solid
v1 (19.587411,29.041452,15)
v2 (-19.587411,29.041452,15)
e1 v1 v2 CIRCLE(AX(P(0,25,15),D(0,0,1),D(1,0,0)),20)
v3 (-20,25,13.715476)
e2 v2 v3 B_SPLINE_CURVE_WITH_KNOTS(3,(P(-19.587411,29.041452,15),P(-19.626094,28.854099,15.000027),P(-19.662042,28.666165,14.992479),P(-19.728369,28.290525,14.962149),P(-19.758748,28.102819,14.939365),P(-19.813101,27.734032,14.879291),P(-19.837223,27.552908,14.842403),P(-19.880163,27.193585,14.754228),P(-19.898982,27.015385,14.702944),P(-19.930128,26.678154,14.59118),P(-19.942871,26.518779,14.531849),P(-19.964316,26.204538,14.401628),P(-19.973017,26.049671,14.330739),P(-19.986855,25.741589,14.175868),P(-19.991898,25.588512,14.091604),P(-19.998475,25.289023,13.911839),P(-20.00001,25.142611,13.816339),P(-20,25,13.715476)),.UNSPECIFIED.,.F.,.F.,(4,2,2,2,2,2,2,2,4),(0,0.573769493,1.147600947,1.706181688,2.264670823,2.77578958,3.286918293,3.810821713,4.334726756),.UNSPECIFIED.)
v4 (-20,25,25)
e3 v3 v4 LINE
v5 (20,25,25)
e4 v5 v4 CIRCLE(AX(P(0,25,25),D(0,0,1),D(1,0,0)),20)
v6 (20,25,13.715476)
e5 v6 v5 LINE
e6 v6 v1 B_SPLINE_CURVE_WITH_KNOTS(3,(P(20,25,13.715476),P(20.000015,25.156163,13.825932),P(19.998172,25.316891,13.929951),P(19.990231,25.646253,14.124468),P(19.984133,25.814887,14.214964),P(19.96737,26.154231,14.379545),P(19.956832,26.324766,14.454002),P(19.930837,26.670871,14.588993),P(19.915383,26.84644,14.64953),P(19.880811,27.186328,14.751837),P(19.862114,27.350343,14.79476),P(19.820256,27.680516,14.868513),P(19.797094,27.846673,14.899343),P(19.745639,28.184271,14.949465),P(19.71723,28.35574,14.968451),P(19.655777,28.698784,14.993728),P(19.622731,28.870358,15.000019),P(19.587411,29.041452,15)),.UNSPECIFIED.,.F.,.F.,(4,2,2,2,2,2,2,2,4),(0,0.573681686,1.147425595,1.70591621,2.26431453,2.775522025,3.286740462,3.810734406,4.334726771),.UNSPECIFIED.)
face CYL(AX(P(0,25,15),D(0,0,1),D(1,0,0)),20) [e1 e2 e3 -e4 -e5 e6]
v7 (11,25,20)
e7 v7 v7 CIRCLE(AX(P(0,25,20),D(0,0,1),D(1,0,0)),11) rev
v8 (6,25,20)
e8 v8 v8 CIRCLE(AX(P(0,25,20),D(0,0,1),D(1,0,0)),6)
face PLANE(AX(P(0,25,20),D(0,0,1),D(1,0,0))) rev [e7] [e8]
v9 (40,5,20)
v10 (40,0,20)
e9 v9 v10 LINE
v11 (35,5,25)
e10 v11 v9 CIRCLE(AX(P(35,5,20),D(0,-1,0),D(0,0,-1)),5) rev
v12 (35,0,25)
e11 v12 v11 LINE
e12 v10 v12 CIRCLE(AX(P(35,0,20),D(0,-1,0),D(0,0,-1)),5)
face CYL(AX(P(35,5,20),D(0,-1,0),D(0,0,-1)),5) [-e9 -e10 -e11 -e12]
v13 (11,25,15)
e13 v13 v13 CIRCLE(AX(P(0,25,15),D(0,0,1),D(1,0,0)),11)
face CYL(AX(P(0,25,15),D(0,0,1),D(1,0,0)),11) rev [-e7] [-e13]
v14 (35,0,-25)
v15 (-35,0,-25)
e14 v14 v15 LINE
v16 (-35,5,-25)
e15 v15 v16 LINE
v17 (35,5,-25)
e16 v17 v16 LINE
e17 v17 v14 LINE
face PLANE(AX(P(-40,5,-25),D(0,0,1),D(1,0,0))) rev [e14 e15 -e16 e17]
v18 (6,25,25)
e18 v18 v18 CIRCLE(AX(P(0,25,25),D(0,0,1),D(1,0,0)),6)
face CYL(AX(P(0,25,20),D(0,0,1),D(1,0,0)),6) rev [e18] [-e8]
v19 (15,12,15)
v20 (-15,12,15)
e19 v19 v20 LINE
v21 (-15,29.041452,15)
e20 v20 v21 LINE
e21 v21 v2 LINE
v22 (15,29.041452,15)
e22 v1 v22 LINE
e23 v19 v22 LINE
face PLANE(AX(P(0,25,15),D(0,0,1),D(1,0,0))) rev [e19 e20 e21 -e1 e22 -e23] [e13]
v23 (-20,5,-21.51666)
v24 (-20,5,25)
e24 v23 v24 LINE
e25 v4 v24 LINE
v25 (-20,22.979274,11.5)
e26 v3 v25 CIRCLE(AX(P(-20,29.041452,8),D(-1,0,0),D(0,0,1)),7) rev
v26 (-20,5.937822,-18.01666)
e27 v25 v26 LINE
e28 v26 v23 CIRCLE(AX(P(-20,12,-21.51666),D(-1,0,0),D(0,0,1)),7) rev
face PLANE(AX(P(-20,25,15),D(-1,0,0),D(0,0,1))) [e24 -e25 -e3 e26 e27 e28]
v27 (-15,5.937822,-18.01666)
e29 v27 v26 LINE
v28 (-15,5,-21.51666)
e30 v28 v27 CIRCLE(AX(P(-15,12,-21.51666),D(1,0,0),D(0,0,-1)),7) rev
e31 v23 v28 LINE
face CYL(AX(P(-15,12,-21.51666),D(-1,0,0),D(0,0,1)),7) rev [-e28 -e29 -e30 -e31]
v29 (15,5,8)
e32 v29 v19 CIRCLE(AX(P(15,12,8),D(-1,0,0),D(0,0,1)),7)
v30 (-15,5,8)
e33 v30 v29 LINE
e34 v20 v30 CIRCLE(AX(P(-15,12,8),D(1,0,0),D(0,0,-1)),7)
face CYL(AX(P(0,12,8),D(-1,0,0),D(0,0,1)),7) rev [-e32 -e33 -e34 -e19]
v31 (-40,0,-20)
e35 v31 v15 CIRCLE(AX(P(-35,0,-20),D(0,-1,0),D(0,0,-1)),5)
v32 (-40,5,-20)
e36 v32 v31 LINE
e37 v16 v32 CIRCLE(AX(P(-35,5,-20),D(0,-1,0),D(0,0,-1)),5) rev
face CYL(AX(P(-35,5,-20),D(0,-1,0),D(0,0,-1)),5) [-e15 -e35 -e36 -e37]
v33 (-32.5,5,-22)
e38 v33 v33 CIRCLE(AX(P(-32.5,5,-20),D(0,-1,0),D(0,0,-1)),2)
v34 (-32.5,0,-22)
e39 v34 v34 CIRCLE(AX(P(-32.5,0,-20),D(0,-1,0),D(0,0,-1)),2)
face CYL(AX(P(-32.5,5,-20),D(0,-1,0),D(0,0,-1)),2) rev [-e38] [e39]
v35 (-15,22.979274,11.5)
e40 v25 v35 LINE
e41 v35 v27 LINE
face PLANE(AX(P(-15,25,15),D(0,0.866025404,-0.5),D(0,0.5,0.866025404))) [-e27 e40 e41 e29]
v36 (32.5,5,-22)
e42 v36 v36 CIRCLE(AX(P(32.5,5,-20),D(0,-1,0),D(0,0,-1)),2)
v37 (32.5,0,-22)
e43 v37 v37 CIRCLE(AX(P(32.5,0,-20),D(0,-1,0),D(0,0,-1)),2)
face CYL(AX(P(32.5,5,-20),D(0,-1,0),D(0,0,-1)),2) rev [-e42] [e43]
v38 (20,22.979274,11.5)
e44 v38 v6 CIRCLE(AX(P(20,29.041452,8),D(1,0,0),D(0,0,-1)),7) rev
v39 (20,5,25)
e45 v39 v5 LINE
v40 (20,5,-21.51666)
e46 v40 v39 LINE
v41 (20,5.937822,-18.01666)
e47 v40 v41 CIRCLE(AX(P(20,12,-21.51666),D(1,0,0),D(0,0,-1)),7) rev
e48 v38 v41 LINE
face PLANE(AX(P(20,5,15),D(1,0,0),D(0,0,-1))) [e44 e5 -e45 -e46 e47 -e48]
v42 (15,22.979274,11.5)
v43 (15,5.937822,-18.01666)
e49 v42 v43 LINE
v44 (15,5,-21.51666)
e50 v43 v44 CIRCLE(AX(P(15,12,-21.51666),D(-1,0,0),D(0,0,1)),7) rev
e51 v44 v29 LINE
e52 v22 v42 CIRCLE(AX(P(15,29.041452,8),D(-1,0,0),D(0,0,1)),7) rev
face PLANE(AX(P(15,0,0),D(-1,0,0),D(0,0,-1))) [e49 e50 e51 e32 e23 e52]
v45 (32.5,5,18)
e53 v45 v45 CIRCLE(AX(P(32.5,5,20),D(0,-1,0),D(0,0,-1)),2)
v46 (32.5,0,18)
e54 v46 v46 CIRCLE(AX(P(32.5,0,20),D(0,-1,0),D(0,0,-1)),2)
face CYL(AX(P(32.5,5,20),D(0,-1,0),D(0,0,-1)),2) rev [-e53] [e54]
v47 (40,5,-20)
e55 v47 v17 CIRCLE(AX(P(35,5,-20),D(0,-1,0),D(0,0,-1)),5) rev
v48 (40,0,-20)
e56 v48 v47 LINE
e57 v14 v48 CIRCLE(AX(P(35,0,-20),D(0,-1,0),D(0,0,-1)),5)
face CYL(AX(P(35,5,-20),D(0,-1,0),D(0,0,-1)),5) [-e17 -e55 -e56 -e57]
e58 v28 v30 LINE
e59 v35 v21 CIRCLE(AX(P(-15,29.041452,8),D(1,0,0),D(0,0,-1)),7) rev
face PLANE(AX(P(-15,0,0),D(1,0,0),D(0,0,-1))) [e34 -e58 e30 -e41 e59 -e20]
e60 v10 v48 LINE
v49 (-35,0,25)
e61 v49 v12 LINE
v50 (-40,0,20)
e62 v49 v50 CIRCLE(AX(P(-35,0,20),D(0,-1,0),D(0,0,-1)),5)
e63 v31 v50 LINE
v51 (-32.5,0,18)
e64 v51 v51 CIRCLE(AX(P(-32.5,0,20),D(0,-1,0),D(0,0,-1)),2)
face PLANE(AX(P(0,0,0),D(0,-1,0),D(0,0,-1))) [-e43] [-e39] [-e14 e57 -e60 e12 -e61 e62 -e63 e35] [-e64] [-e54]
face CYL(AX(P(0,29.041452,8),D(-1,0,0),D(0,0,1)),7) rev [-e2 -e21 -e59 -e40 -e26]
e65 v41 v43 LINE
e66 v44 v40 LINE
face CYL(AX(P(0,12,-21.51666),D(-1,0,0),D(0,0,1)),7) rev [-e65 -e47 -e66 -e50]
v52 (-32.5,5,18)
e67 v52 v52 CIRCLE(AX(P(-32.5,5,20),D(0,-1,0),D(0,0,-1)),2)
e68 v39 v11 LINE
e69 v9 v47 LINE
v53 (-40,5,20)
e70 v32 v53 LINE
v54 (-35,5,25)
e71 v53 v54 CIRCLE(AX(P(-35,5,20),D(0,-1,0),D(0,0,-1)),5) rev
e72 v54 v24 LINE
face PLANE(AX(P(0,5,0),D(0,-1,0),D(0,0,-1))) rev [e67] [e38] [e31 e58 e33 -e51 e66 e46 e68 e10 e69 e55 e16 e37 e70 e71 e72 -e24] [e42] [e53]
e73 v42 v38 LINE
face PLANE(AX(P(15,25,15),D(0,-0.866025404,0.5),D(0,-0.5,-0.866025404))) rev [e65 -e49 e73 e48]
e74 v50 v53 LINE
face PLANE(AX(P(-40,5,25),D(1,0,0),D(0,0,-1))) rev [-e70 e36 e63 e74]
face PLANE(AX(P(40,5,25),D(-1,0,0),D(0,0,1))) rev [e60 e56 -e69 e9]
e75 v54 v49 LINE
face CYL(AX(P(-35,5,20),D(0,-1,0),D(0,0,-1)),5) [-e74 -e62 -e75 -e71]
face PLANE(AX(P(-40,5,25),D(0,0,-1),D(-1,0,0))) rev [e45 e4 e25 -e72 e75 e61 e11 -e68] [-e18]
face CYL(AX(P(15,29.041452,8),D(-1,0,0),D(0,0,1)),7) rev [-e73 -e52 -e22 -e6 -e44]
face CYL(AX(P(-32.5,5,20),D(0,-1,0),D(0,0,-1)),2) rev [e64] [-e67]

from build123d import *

# Parameters (mm, degrees)
SKETCH1_W           = 80
SKETCH1_H           = 50
BOSS_EXTRUDE1_DEPTH = 5
SKETCH4_R           = 11
BOSS_EXTRUDE2_DEPTH = 10
SKETCH5_R           = 11
SKETCH5_R_2         = 6
BOSS_EXTRUDE3_DEPTH = 5
BOSS_EXTRUDE4_DEPTH = 5
FILLET2_R           = 7
SKETCH7_R           = 2
CUT_EXTRUDE1_DEPTH  = 5
FILLET3_R           = 5


with BuildPart() as part:
    # Sketch1 → Boss-Extrude1 (new body)
    with BuildSketch(Plane(origin=(0, 0, 0), x_dir=(1, 0, 0), z_dir=(0, 1, 0))):
        Rectangle(SKETCH1_W, SKETCH1_H)
    extrude(amount=BOSS_EXTRUDE1_DEPTH)

    # Sketch4 → Boss-Extrude2 (add)
    with BuildSketch(Plane.XY.offset(25)):
        with BuildLine():
            Line((-20, 25), (-20, 5))
            Line((-20, 5), (20, 5))
            Line((20, 5), (20, 25))
            ThreePointArc((20, 25), (0, 45), (-20, 25))
        make_face()
        with Locations((0, 25)):
            Circle(SKETCH4_R, mode=Mode.SUBTRACT)
    extrude(amount=-BOSS_EXTRUDE2_DEPTH)

    # Sketch5 → Boss-Extrude3 (add)
    with BuildSketch(Plane.XY.offset(25)):
        with Locations((0, 25)):
            Circle(SKETCH5_R)
        with Locations((0, 25)):
            Circle(SKETCH5_R_2, mode=Mode.SUBTRACT)
    extrude(amount=-BOSS_EXTRUDE3_DEPTH)

    # Sketch6 → Boss-Extrude4 (add)
    with BuildSketch(Plane.ZY.offset(20)):
        Polygon((15, 25), (-19.641016151, 5), (15, 5), align=None)
    boss_extrude4 = extrude(amount=-BOSS_EXTRUDE4_DEPTH)

    # Mirror1: Boss-Extrude4 across plane
    add(boss_extrude4.mirror(Plane(origin=(0, 0, 0), x_dir=(0, 0, 1), z_dir=(1, 0, 0))))

    # Fillet2
    fillet2_edges = [part.edges().sort_by_distance(p)[0] for p in [
        (0, 5, 15),
        (-17.5, 25, 15),
        (-17.5, 5, -19.641016151),
        (17.5, 25, 15),
        (17.5, 5, -19.641016151),
    ]]
    fillet(fillet2_edges, radius=FILLET2_R)

    # Sketch7 → Cut-Extrude1 (cut)
    with BuildSketch(Plane.XZ):
        with Locations(Location((-32.5, 20, 0), (0, 0, 270))):
            Circle(SKETCH7_R)
        with Locations(Location((-32.5, -20, 0), (0, 0, 270))):
            Circle(SKETCH7_R)
        with Locations(Location((32.5, -20, 0), (0, 0, 270))):
            Circle(SKETCH7_R)
        with Locations(Location((32.5, 20, 0), (0, 0, 270))):
            Circle(SKETCH7_R)
    extrude(amount=-CUT_EXTRUDE1_DEPTH, mode=Mode.SUBTRACT)

    # Fillet3
    fillet3_edges = [part.edges().sort_by_distance(p)[0] for p in [
        (40, 2.5, 25),
        (-40, 2.5, 25),
        (-40, 2.5, -25),
        (40, 2.5, -25),
    ]]
    fillet(fillet3_edges, radius=FILLET3_R)


solid = part.part
